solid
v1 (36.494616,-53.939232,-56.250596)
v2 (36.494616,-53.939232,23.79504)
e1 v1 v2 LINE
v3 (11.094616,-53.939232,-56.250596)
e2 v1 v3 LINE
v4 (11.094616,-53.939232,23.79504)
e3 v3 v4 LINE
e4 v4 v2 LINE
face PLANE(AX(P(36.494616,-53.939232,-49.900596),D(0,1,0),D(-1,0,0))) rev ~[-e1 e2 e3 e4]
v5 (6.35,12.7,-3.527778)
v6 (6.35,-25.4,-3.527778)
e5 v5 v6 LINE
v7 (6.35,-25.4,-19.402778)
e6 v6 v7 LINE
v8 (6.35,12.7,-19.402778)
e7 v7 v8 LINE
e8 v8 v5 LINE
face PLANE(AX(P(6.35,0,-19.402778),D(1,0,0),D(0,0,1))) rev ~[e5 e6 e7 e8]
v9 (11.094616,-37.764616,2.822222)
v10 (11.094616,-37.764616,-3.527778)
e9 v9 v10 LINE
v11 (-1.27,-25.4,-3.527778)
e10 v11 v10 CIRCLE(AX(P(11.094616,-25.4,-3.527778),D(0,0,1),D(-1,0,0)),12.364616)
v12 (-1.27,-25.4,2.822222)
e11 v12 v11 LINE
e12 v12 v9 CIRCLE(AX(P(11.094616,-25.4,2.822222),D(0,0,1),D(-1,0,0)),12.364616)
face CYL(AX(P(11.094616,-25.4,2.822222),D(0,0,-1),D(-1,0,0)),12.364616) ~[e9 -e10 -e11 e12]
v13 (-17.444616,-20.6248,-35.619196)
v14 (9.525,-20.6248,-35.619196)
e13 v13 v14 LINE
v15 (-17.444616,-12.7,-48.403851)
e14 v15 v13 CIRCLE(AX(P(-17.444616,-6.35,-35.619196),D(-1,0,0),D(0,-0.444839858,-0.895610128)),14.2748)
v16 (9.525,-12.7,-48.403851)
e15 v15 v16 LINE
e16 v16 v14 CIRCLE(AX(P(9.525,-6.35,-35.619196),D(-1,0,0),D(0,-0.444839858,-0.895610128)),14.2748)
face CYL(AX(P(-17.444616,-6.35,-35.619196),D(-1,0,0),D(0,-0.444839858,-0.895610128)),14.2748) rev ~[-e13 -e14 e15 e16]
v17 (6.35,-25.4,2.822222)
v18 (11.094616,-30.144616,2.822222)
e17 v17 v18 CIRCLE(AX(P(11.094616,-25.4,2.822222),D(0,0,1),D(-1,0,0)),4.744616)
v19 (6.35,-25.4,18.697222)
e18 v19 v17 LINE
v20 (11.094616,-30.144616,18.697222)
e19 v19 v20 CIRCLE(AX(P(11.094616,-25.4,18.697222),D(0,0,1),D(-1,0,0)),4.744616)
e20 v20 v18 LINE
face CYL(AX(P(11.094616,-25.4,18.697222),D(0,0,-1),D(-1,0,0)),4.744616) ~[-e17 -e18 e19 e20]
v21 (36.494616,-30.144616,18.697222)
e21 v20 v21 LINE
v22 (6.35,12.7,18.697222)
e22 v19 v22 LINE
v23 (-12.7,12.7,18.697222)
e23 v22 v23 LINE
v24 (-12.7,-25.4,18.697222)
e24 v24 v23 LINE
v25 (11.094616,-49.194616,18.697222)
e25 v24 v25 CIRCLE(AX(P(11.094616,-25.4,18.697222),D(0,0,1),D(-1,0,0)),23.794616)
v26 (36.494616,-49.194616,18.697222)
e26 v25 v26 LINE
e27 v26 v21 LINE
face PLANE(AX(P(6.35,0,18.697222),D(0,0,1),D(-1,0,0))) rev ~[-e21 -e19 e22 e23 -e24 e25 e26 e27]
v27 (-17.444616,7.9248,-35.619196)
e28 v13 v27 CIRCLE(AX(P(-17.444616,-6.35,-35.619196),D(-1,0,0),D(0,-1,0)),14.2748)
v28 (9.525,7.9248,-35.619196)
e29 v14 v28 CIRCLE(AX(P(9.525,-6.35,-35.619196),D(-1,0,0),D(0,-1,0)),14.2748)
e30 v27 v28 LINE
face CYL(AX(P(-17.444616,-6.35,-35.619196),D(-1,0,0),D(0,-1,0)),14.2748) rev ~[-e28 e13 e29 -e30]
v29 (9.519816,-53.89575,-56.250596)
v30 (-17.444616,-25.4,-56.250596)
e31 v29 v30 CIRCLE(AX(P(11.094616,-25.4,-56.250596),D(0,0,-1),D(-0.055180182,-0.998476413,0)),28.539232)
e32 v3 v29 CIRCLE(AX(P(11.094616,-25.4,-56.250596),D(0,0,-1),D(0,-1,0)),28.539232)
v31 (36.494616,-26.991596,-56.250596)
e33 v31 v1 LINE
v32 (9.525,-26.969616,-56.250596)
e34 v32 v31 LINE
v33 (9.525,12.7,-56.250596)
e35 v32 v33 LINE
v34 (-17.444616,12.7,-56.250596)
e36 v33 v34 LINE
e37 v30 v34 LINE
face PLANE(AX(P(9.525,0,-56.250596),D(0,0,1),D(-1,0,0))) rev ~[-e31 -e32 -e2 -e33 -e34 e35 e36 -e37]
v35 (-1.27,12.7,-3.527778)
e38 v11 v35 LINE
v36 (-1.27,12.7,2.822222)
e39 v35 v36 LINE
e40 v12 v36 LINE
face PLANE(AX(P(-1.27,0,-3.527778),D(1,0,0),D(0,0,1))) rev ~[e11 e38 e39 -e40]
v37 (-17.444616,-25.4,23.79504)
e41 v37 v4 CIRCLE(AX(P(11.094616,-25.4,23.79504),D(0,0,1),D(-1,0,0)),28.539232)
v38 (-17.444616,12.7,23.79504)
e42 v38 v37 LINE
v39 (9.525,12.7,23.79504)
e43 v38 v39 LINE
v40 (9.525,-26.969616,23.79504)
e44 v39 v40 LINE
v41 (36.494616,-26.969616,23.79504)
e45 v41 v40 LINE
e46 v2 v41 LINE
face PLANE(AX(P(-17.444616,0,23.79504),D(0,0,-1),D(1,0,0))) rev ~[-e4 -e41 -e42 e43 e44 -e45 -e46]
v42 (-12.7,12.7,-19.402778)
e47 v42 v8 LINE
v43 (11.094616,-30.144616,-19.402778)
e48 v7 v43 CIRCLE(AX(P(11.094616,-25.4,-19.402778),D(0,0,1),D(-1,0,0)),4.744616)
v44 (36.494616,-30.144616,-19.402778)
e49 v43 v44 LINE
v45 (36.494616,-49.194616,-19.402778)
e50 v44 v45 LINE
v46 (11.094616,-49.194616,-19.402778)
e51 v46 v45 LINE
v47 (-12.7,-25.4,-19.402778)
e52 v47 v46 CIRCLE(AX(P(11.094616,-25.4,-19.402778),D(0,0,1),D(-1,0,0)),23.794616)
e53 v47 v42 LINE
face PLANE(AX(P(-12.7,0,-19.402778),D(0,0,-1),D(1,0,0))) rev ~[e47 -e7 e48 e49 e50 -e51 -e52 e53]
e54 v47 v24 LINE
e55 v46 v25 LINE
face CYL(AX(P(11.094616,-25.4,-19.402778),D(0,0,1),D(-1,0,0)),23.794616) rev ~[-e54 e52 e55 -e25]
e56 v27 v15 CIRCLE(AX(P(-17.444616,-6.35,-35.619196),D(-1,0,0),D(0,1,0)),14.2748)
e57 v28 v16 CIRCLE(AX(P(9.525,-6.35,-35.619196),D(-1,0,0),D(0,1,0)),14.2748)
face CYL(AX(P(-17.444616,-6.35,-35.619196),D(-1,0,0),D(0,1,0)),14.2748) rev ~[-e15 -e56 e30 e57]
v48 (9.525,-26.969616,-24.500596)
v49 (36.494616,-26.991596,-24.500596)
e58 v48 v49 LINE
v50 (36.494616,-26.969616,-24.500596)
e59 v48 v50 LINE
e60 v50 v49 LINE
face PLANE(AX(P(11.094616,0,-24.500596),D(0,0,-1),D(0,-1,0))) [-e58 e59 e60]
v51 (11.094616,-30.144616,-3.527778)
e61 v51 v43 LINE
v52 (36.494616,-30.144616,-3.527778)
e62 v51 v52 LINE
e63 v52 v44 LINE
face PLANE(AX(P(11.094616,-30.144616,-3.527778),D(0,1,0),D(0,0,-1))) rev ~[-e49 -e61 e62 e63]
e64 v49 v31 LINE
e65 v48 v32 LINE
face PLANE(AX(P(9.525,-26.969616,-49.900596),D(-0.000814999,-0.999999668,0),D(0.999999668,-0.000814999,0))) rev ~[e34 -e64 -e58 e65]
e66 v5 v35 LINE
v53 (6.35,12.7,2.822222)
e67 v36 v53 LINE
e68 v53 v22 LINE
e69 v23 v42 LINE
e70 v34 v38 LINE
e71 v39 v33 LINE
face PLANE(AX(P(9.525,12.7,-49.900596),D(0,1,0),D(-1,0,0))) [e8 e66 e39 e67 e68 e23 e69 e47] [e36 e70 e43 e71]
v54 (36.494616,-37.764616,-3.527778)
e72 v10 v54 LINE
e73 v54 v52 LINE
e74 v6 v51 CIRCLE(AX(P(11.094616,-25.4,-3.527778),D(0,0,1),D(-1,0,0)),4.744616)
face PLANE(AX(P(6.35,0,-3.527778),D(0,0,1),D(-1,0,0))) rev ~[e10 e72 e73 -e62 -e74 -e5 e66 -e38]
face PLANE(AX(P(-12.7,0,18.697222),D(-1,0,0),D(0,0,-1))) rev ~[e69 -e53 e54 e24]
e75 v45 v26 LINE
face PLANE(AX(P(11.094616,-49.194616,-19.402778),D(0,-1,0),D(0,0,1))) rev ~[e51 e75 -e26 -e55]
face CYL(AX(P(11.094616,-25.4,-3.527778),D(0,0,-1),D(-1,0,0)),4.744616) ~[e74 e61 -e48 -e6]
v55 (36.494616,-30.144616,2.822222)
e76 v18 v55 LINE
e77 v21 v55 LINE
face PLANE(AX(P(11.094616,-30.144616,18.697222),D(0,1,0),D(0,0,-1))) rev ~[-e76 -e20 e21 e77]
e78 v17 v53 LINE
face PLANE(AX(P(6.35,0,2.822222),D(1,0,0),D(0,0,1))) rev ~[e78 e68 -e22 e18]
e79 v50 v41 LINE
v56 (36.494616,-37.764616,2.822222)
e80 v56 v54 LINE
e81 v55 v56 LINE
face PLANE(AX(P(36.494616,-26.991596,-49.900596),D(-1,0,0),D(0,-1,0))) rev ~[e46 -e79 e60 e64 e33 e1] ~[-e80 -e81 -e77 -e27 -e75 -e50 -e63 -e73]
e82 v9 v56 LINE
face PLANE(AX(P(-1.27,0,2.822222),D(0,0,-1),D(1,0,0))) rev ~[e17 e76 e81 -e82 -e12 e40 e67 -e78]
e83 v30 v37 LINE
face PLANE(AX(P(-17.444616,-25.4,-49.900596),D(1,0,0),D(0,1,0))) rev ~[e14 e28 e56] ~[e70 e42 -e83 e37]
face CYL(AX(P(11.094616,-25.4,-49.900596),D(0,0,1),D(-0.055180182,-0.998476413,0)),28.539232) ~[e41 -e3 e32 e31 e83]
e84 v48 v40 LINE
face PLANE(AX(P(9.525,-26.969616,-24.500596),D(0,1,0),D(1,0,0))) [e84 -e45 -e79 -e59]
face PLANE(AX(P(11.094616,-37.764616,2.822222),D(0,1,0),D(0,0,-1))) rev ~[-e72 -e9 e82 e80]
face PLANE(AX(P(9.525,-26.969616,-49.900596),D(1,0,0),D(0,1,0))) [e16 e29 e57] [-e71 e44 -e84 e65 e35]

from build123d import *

# Parameters (mm, degrees)
F0_W      = 28.5392315894
F0_H      = 48.2956362042
F1_DEPTH  = 25.4
F1_FACE_W = 28.5392315894
F1_FACE_H = 48.2956362042
F2_ANGLE  = 90
F3_DEPTH  = 25.4
F4_W      = 26.9696157947
F4_H      = 26.9696157947
F5_DEPTH  = 50.14334
F8_W      = 6.35
F8_H      = 25.4
F9_DEPTH  = 25.4
F10_R     = 2.5796875
F11_DEPTH = 50.8
F13_DEPTH = 12.7
F15_DEPTH = 6.35
F16_DEPTH = 50.8


with BuildPart() as f1:
    # F0 (on Front) → F1 (new body)
    with BuildSketch(Plane.XZ):
        with Locations((-3.175, -0.3527777778)):
            Rectangle(F0_W, F0_H)
        Polygon((-12.7, -19.4027777778), (-12.7, 18.6972222222), (6.35, 18.6972222222), (6.35, 2.8222222222), (-1.27, 2.8222222222), (-1.27, -3.5277777778), (6.35, -3.5277777778), (6.35, -19.4027777778), align=None, mode=Mode.SUBTRACT)
    extrude(amount=F1_DEPTH)

    # F1_face (on face) → F2 (revolve)
    with BuildSketch(Plane(origin=(-2.7804632911, -25.4, -0.3527777778), x_dir=(1, 0, 0), z_dir=(0, -1, 0))):
        with Locations((-0.3945367089, 0)):
            Rectangle(F1_FACE_W, F1_FACE_H)
        Polygon((9.1304632911, -19.05), (-9.9195367089, -19.05), (-9.9195367089, 19.05), (9.1304632911, 19.05), (9.1304632911, 3.175), (1.5104632911, 3.175), (1.5104632911, -3.175), (9.1304632911, -3.175), align=None, mode=Mode.SUBTRACT)
    revolve(axis=Axis((11.0946157947, -25.4, -0.3527777778), (0, 0, 1)), revolution_arc=F2_ANGLE)

    # F3 (add): a face of the model
    f3_faces = [f1.faces().sort_by_distance(p)[0] for p in [
        (11.0946157947, -22.3630131274, -0.3527777778),
    ]]
    extrude(f3_faces, amount=F3_DEPTH)

    # F4 (on face) → F5 (cut, symmetric)
    with BuildSketch(Plane(origin=(0, 0, -24.5005958799), x_dir=(1, 0, 0), z_dir=(0, 0, -1))):
        with Locations((23.0098078974, 13.4848078974)):
            Rectangle(F4_W, F4_H)
    extrude(amount=F5_DEPTH, both=True, mode=Mode.SUBTRACT)

    # F8 (on face) + F6 (on face) → F9 (join)
    with BuildSketch(Plane(origin=(0, 0, -24.5005958799), x_dir=(1, 0, 0), z_dir=(0, 0, -1))):
        with Locations((-14.2696157947, 12.7)):
            Rectangle(F8_W, F8_H)
        with Locations((6.35, 12.7)):
            Rectangle(F8_W, F8_H)
    with BuildSketch(Plane(origin=(0, 0, -24.5005958799), x_dir=(1, 0, 0), z_dir=(0, 0, -1))):
        with BuildLine():
            Line((9.525, 0), (9.525, 26.9696157947))
            Line((9.525, 26.9696157947), (9.5198247534, 33.3196136858))
            Line((9.5198247534, 33.3196136858), (36.4946157947, 33.3415981335))
            Line((36.4946157947, 33.3415981335), (36.4946157947, 47.5892315894))
            Line((36.4946157947, 47.5892315894), (9.5198157947, 47.5892315894))
            Line((9.5198157947, 47.5892315894), (9.5198157947, 53.8957495896))
            ThreePointArc((9.5198157947, 53.8957495896), (-9.6349683982, 45.0156080432), (-17.4446157947, 25.4))
            Line((-17.4446157947, 25.4), (-17.4446157947, 0))
            Line((-17.4446157947, 0), (9.525, 0))
        make_face()
        with BuildLine():
            Line((9.5198157947, 47.5892315894), (36.4946157947, 47.5892315894))
            Line((36.4946157947, 47.5892315894), (36.4946157947, 53.9392315894))
            Line((36.4946157947, 53.9392315894), (11.0946157947, 53.9392315894))
            ThreePointArc((11.0946157947, 53.9392315894), (10.3069157052, 53.9283590184), (9.5198157947, 53.8957495896))
            Line((9.5198157947, 53.8957495896), (9.5198157947, 47.5892315894))
        make_face()
        Polygon((9.5198247534, 33.3196136858), (9.525, 26.9696157947), (36.4946157947, 26.9915960246), (36.4946157947, 33.3415981335), align=None)
    extrude(amount=F9_DEPTH)

    # F10 (on face) → F11 (cut)
    with BuildSketch(Plane(origin=(-17.4446157947, 0, 0), x_dir=(0, -1, 0), z_dir=(-1, 0, 0))):
        with Locations((12.7, -35.9203596757)):
            Circle(F10_R)
    extrude(amount=-F11_DEPTH, mode=Mode.SUBTRACT)

    # F12 (on face) → F13 (join)
    with BuildSketch(Plane(origin=(0, 0, 0), x_dir=(-1, 0, 0), z_dir=(0, 1, 0))):
        Polygon((-9.525, 23.7950403243), (-9.525, -0.3527777778), (-9.525, -49.9005958799), (17.4446157947, -49.9005958799), (17.4446157947, 23.7950403243), align=None)
        Polygon((1.27, -3.5277777778), (1.27, -0.3527777778), (1.27, 2.8222222222), (-6.35, 2.8222222222), (-6.35, 18.6972222222), (12.7, 18.6972222222), (12.7, -19.4027777778), (-6.35, -19.4027777778), (-6.35, -3.5277777778), align=None, mode=Mode.SUBTRACT)
    extrude(amount=F13_DEPTH)

    # F15 (add): a face of the model
    f15_faces = [f1.faces().sort_by_distance(p)[0] for p in [
        (4.9144212495, -24.754718946, -49.9005958799),
    ]]
    extrude(f15_faces, amount=F15_DEPTH)

    # F14 (on face) → F16 (cut)
    with BuildSketch(Plane(origin=(-17.4446157947, 0, 0), x_dir=(0, -1, 0), z_dir=(-1, 0, 0))):
        with BuildLine():
            Line((-7.9248, -35.6191955507), (10.1379524268, -35.6191955507))
            ThreePointArc((10.1379524268, -35.6191955507), (12.7, -33.3406721757), (15.2620475732, -35.6191955507))
            Line((15.2620475732, -35.6191955507), (20.6248, -35.6191955507))
            ThreePointArc((20.6248, -35.6191955507), (6.35, -21.3443955507), (-7.9248, -35.6191955507))
        make_face()
        with BuildLine():
            Line((12.7, -48.4038510032), (12.7, -38.5000471757))
            ThreePointArc((12.7, -38.5000471757), (10.772346384, -37.634693113), (10.1379524268, -35.6191955507))
            Line((10.1379524268, -35.6191955507), (-7.9248, -35.6191955507))
            ThreePointArc((-7.9248, -35.6191955507), (-1.1708023189, -47.7521031791), (12.7, -48.4038510032))
        make_face()
        with BuildLine():
            ThreePointArc((15.2796875, -35.9203596757), (14.5241145246, -37.7444742003), (12.7, -38.5000471757))
            Line((12.7, -38.5000471757), (12.7, -48.4038510032))
            ThreePointArc((12.7, -48.4038510032), (18.4829076284, -43.1399978696), (20.6248, -35.6191955507))
            Line((20.6248, -35.6191955507), (15.2620475732, -35.6191955507))
            ThreePointArc((15.2620475732, -35.6191955507), (15.2752737424, -35.7695195308), (15.2796875, -35.9203596757))
        make_face()
    extrude(amount=-F16_DEPTH, mode=Mode.SUBTRACT)


solid = f1.part
